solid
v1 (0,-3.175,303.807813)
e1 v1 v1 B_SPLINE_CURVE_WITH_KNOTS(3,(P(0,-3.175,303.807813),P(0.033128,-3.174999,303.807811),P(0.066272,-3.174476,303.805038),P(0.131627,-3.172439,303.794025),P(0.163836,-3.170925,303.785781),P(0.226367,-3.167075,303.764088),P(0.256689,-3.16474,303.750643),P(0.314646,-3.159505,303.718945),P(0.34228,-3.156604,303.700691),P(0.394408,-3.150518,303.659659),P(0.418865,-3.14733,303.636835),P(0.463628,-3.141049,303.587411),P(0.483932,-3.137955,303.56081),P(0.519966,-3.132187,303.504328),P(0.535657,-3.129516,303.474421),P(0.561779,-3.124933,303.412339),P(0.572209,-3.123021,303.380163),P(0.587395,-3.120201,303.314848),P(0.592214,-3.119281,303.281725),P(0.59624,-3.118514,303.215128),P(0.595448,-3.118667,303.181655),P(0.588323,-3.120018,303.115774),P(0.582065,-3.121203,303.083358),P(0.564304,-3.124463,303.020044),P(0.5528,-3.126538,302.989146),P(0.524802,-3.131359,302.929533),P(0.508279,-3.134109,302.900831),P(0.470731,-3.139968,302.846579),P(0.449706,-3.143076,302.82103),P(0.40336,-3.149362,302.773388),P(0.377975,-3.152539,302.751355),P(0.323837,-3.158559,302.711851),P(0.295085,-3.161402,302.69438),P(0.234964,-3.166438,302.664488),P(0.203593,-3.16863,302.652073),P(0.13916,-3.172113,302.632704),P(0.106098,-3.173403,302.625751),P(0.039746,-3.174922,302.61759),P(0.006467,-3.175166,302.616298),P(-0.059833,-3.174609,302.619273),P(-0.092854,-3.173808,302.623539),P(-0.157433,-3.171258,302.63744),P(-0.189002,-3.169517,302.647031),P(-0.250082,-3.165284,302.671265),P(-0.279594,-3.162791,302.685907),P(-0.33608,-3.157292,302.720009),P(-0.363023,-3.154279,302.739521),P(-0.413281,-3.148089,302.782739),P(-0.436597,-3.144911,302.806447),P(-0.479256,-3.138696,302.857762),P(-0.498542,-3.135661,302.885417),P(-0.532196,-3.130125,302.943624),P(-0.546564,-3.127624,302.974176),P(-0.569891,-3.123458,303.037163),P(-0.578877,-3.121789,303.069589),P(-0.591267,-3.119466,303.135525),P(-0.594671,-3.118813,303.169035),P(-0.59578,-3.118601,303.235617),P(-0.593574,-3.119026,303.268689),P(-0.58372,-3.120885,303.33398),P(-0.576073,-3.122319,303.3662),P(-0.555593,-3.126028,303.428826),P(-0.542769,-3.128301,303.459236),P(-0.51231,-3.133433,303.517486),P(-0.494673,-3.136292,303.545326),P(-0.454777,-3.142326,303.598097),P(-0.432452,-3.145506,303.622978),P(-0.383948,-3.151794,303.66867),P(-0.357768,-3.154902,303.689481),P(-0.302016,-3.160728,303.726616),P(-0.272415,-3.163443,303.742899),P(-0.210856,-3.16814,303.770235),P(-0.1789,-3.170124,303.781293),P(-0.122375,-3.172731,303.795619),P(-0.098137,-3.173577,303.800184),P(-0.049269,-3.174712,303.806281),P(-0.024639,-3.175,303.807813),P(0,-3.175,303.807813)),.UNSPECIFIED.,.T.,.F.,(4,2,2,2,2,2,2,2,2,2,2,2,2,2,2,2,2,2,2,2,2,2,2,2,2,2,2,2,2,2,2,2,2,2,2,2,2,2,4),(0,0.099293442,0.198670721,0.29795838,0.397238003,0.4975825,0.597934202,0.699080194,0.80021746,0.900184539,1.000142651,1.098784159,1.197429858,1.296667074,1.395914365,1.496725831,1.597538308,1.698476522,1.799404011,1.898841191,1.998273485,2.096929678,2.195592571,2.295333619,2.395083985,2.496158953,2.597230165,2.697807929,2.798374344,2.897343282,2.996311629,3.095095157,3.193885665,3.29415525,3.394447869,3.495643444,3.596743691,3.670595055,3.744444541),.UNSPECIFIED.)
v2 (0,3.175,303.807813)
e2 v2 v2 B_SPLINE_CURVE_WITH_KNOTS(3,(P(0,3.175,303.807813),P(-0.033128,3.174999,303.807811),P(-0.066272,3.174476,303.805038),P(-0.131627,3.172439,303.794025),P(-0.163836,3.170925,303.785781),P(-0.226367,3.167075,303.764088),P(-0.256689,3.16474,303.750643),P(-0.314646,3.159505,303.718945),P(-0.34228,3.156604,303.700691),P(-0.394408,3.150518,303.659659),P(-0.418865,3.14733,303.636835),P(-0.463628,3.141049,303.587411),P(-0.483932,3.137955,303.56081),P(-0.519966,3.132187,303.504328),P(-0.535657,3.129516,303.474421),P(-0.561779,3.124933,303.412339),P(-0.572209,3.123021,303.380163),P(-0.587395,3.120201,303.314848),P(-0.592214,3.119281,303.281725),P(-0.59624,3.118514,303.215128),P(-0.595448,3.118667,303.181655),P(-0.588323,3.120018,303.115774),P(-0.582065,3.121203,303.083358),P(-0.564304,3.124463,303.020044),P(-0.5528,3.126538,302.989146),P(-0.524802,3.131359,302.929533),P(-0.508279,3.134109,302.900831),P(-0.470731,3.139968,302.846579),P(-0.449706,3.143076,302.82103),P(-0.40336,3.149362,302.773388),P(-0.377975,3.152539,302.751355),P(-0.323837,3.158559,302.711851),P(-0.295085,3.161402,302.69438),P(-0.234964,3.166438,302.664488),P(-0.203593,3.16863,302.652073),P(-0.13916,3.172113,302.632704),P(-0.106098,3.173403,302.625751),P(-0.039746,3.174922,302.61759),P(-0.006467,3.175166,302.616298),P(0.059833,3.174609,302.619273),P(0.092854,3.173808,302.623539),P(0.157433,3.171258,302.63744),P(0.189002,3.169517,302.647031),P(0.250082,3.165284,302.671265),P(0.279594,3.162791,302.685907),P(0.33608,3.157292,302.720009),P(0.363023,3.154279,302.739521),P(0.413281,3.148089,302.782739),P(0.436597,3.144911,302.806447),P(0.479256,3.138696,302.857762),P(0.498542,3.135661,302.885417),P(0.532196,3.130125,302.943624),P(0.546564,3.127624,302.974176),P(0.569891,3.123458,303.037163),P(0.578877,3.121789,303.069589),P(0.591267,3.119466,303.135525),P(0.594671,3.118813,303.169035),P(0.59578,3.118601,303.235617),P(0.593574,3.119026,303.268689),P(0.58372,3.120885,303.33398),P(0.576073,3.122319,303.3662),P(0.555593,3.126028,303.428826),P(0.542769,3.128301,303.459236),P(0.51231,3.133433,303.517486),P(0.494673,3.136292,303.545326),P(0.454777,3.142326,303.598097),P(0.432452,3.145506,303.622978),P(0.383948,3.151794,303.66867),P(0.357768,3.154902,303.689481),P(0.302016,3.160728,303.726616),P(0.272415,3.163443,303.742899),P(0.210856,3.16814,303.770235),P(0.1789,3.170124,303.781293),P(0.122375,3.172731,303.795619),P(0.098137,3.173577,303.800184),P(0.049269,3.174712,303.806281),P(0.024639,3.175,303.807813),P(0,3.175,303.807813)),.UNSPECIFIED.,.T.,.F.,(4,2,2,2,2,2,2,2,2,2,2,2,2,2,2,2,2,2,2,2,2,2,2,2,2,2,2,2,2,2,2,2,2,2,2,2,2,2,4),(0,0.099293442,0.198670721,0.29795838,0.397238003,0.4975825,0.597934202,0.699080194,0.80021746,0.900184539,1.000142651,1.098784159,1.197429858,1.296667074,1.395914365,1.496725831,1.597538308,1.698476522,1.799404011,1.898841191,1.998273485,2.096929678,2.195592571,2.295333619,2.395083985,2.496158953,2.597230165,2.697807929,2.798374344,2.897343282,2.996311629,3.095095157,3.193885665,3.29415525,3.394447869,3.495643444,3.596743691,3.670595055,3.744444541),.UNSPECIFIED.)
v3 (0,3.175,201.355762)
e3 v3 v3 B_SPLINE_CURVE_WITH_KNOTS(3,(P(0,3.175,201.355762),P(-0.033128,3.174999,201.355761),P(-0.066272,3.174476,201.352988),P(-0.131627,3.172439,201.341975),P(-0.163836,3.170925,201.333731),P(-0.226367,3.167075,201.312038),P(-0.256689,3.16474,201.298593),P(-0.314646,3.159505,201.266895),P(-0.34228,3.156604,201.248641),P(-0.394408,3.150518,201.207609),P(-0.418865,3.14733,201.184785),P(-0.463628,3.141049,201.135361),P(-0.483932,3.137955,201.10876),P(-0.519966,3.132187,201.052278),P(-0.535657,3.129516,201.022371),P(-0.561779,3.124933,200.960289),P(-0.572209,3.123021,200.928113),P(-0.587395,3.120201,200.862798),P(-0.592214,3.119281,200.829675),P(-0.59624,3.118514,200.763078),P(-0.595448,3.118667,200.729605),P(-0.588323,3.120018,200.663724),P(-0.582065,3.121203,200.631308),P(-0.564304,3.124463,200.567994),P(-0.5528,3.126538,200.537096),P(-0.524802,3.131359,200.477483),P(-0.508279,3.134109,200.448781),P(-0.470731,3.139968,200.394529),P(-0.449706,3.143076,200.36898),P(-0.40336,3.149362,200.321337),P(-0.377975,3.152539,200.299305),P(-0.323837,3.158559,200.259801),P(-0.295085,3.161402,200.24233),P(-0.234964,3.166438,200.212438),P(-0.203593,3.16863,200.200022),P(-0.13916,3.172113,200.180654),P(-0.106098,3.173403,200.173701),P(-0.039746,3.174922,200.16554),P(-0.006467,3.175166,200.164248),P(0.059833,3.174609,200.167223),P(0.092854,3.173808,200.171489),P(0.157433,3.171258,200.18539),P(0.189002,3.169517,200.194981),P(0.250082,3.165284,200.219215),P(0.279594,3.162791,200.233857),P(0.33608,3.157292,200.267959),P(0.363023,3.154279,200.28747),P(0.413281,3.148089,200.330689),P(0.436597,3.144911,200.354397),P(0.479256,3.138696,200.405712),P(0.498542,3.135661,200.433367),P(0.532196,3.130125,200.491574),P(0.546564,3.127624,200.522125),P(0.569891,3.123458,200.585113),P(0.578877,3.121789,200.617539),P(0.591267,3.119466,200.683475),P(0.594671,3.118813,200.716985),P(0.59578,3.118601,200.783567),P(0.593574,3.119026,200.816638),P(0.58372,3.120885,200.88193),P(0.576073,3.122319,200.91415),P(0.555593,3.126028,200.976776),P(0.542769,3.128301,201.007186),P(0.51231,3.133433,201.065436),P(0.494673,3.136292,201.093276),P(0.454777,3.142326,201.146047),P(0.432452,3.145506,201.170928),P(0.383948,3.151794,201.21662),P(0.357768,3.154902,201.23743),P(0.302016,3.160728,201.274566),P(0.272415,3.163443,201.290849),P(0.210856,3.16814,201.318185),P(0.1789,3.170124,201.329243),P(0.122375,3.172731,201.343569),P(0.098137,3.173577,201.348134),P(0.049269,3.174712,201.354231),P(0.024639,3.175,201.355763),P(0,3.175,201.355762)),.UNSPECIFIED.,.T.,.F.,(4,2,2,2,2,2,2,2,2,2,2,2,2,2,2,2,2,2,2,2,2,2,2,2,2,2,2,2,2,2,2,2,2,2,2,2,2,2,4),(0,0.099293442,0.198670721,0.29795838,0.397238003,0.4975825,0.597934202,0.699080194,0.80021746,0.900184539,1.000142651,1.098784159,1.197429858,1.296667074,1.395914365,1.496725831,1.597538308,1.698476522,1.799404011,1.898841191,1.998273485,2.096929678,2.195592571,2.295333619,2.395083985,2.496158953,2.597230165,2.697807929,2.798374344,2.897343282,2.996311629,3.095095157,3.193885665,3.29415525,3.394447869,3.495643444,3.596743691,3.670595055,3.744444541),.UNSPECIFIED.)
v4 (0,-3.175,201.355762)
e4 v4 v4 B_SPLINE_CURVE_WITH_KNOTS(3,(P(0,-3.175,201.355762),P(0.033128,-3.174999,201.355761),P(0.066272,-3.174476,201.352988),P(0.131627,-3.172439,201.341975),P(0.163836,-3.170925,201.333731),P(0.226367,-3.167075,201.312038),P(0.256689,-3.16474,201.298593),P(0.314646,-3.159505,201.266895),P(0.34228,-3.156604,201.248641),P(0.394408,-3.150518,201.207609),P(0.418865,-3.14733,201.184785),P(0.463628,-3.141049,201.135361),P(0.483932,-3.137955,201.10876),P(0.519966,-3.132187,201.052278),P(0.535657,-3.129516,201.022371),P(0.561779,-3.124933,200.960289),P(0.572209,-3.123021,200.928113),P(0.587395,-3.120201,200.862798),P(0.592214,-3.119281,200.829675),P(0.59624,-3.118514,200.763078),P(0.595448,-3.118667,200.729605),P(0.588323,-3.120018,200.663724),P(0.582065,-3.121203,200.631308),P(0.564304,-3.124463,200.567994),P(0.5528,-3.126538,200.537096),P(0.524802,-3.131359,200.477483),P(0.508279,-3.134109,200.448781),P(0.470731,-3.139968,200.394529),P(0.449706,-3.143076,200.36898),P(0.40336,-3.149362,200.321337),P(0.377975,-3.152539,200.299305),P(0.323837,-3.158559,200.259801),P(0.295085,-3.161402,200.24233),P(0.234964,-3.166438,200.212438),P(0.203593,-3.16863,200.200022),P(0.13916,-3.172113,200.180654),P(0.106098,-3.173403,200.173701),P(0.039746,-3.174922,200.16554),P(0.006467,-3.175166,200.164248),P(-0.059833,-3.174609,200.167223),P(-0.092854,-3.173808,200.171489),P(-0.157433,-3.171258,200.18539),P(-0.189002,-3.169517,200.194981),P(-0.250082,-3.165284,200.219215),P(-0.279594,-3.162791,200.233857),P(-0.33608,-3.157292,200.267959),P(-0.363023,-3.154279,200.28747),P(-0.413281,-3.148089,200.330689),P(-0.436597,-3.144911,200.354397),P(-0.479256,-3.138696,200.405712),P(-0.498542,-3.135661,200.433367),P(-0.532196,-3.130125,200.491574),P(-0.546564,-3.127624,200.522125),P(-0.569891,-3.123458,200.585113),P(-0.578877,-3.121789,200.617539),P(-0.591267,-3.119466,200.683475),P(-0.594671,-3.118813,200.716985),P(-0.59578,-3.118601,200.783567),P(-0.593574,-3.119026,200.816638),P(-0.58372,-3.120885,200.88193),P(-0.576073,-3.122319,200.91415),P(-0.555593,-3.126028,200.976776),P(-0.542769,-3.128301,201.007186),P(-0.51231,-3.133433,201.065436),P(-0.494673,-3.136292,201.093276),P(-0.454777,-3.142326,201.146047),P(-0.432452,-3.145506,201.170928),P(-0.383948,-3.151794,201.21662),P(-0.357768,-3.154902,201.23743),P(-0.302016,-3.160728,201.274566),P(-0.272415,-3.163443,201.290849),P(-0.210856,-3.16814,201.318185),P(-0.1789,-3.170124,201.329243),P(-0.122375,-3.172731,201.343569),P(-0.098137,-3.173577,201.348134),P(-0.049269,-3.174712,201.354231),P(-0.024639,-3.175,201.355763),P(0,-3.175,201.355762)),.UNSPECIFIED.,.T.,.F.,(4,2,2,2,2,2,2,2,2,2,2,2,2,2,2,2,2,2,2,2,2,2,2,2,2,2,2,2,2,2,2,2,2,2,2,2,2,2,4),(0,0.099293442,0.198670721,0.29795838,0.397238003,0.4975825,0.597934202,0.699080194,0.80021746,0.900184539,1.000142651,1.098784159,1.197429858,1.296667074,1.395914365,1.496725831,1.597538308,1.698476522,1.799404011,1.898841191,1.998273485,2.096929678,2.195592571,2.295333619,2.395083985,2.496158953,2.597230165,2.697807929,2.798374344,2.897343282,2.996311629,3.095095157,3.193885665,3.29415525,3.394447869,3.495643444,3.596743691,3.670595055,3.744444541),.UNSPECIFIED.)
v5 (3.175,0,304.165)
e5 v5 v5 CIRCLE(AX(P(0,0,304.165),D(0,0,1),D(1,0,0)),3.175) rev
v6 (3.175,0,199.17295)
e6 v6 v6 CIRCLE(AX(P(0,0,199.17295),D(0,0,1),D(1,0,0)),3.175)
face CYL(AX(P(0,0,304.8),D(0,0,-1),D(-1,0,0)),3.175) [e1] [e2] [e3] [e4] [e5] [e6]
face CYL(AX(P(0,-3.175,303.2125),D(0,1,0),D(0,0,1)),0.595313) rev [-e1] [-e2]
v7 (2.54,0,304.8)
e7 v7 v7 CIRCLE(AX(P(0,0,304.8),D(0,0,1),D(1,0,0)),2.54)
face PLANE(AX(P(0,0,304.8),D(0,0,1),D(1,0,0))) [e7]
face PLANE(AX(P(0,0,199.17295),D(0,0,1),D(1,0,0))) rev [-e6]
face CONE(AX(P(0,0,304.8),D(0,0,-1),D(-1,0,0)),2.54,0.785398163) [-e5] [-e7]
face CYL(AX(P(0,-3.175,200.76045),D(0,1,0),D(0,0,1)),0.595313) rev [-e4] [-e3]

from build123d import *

# Parameters (mm, degrees)
SKETCH3_R               = 3.175
BOSS_EXTRUDE1_DEPTH     = 304.8
CHAMFER1_SIZE           = 0.635
CUT_EXTRUDE1_START      = -105.627050112
SKETCH4_R               = 3.175
CUT_EXTRUDE1_DEPTH      = 504.972949888
SKETCH5_R               = 0.5953125
CUT_EXTRUDE2_DEPTH      = 4.175
CUT_EXTRUDE2_DEPTH_BACK = 4.175


with BuildPart() as part:
    # Sketch3 → Boss-Extrude1 (new body, symmetric)
    with BuildSketch(Plane.XY):
        Circle(SKETCH3_R)
    extrude(amount=BOSS_EXTRUDE1_DEPTH, both=True)

    # Chamfer1
    chamfer1_edges = [part.edges().sort_by_distance(p)[0] for p in [
        (-3.175, 0, -304.8),
        (-3.175, 0, 304.8),
    ]]
    chamfer(chamfer1_edges, length=CHAMFER1_SIZE)

    # Sketch4 → Cut-Extrude1 (cut, through all)
    with BuildSketch(Plane.XY.offset(304.8).offset(CUT_EXTRUDE1_START)):
        Circle(SKETCH4_R)
    extrude(amount=-CUT_EXTRUDE1_DEPTH, mode=Mode.SUBTRACT)

    # Sketch5 → Cut-Extrude2 (cut, two sides)
    with BuildSketch(Plane(origin=(0, 0, 0), x_dir=(1, 0, 0), z_dir=(0, 1, 0))) as cut_extrude2_sk:
        with Locations((0, -200.760449888)):
            Circle(SKETCH5_R)
        with Locations((0, -303.2125)):
            Circle(SKETCH5_R)
    extrude(amount=CUT_EXTRUDE2_DEPTH, mode=Mode.SUBTRACT)
    extrude(cut_extrude2_sk.sketch, amount=-CUT_EXTRUDE2_DEPTH_BACK, mode=Mode.SUBTRACT)


solid = part.part
